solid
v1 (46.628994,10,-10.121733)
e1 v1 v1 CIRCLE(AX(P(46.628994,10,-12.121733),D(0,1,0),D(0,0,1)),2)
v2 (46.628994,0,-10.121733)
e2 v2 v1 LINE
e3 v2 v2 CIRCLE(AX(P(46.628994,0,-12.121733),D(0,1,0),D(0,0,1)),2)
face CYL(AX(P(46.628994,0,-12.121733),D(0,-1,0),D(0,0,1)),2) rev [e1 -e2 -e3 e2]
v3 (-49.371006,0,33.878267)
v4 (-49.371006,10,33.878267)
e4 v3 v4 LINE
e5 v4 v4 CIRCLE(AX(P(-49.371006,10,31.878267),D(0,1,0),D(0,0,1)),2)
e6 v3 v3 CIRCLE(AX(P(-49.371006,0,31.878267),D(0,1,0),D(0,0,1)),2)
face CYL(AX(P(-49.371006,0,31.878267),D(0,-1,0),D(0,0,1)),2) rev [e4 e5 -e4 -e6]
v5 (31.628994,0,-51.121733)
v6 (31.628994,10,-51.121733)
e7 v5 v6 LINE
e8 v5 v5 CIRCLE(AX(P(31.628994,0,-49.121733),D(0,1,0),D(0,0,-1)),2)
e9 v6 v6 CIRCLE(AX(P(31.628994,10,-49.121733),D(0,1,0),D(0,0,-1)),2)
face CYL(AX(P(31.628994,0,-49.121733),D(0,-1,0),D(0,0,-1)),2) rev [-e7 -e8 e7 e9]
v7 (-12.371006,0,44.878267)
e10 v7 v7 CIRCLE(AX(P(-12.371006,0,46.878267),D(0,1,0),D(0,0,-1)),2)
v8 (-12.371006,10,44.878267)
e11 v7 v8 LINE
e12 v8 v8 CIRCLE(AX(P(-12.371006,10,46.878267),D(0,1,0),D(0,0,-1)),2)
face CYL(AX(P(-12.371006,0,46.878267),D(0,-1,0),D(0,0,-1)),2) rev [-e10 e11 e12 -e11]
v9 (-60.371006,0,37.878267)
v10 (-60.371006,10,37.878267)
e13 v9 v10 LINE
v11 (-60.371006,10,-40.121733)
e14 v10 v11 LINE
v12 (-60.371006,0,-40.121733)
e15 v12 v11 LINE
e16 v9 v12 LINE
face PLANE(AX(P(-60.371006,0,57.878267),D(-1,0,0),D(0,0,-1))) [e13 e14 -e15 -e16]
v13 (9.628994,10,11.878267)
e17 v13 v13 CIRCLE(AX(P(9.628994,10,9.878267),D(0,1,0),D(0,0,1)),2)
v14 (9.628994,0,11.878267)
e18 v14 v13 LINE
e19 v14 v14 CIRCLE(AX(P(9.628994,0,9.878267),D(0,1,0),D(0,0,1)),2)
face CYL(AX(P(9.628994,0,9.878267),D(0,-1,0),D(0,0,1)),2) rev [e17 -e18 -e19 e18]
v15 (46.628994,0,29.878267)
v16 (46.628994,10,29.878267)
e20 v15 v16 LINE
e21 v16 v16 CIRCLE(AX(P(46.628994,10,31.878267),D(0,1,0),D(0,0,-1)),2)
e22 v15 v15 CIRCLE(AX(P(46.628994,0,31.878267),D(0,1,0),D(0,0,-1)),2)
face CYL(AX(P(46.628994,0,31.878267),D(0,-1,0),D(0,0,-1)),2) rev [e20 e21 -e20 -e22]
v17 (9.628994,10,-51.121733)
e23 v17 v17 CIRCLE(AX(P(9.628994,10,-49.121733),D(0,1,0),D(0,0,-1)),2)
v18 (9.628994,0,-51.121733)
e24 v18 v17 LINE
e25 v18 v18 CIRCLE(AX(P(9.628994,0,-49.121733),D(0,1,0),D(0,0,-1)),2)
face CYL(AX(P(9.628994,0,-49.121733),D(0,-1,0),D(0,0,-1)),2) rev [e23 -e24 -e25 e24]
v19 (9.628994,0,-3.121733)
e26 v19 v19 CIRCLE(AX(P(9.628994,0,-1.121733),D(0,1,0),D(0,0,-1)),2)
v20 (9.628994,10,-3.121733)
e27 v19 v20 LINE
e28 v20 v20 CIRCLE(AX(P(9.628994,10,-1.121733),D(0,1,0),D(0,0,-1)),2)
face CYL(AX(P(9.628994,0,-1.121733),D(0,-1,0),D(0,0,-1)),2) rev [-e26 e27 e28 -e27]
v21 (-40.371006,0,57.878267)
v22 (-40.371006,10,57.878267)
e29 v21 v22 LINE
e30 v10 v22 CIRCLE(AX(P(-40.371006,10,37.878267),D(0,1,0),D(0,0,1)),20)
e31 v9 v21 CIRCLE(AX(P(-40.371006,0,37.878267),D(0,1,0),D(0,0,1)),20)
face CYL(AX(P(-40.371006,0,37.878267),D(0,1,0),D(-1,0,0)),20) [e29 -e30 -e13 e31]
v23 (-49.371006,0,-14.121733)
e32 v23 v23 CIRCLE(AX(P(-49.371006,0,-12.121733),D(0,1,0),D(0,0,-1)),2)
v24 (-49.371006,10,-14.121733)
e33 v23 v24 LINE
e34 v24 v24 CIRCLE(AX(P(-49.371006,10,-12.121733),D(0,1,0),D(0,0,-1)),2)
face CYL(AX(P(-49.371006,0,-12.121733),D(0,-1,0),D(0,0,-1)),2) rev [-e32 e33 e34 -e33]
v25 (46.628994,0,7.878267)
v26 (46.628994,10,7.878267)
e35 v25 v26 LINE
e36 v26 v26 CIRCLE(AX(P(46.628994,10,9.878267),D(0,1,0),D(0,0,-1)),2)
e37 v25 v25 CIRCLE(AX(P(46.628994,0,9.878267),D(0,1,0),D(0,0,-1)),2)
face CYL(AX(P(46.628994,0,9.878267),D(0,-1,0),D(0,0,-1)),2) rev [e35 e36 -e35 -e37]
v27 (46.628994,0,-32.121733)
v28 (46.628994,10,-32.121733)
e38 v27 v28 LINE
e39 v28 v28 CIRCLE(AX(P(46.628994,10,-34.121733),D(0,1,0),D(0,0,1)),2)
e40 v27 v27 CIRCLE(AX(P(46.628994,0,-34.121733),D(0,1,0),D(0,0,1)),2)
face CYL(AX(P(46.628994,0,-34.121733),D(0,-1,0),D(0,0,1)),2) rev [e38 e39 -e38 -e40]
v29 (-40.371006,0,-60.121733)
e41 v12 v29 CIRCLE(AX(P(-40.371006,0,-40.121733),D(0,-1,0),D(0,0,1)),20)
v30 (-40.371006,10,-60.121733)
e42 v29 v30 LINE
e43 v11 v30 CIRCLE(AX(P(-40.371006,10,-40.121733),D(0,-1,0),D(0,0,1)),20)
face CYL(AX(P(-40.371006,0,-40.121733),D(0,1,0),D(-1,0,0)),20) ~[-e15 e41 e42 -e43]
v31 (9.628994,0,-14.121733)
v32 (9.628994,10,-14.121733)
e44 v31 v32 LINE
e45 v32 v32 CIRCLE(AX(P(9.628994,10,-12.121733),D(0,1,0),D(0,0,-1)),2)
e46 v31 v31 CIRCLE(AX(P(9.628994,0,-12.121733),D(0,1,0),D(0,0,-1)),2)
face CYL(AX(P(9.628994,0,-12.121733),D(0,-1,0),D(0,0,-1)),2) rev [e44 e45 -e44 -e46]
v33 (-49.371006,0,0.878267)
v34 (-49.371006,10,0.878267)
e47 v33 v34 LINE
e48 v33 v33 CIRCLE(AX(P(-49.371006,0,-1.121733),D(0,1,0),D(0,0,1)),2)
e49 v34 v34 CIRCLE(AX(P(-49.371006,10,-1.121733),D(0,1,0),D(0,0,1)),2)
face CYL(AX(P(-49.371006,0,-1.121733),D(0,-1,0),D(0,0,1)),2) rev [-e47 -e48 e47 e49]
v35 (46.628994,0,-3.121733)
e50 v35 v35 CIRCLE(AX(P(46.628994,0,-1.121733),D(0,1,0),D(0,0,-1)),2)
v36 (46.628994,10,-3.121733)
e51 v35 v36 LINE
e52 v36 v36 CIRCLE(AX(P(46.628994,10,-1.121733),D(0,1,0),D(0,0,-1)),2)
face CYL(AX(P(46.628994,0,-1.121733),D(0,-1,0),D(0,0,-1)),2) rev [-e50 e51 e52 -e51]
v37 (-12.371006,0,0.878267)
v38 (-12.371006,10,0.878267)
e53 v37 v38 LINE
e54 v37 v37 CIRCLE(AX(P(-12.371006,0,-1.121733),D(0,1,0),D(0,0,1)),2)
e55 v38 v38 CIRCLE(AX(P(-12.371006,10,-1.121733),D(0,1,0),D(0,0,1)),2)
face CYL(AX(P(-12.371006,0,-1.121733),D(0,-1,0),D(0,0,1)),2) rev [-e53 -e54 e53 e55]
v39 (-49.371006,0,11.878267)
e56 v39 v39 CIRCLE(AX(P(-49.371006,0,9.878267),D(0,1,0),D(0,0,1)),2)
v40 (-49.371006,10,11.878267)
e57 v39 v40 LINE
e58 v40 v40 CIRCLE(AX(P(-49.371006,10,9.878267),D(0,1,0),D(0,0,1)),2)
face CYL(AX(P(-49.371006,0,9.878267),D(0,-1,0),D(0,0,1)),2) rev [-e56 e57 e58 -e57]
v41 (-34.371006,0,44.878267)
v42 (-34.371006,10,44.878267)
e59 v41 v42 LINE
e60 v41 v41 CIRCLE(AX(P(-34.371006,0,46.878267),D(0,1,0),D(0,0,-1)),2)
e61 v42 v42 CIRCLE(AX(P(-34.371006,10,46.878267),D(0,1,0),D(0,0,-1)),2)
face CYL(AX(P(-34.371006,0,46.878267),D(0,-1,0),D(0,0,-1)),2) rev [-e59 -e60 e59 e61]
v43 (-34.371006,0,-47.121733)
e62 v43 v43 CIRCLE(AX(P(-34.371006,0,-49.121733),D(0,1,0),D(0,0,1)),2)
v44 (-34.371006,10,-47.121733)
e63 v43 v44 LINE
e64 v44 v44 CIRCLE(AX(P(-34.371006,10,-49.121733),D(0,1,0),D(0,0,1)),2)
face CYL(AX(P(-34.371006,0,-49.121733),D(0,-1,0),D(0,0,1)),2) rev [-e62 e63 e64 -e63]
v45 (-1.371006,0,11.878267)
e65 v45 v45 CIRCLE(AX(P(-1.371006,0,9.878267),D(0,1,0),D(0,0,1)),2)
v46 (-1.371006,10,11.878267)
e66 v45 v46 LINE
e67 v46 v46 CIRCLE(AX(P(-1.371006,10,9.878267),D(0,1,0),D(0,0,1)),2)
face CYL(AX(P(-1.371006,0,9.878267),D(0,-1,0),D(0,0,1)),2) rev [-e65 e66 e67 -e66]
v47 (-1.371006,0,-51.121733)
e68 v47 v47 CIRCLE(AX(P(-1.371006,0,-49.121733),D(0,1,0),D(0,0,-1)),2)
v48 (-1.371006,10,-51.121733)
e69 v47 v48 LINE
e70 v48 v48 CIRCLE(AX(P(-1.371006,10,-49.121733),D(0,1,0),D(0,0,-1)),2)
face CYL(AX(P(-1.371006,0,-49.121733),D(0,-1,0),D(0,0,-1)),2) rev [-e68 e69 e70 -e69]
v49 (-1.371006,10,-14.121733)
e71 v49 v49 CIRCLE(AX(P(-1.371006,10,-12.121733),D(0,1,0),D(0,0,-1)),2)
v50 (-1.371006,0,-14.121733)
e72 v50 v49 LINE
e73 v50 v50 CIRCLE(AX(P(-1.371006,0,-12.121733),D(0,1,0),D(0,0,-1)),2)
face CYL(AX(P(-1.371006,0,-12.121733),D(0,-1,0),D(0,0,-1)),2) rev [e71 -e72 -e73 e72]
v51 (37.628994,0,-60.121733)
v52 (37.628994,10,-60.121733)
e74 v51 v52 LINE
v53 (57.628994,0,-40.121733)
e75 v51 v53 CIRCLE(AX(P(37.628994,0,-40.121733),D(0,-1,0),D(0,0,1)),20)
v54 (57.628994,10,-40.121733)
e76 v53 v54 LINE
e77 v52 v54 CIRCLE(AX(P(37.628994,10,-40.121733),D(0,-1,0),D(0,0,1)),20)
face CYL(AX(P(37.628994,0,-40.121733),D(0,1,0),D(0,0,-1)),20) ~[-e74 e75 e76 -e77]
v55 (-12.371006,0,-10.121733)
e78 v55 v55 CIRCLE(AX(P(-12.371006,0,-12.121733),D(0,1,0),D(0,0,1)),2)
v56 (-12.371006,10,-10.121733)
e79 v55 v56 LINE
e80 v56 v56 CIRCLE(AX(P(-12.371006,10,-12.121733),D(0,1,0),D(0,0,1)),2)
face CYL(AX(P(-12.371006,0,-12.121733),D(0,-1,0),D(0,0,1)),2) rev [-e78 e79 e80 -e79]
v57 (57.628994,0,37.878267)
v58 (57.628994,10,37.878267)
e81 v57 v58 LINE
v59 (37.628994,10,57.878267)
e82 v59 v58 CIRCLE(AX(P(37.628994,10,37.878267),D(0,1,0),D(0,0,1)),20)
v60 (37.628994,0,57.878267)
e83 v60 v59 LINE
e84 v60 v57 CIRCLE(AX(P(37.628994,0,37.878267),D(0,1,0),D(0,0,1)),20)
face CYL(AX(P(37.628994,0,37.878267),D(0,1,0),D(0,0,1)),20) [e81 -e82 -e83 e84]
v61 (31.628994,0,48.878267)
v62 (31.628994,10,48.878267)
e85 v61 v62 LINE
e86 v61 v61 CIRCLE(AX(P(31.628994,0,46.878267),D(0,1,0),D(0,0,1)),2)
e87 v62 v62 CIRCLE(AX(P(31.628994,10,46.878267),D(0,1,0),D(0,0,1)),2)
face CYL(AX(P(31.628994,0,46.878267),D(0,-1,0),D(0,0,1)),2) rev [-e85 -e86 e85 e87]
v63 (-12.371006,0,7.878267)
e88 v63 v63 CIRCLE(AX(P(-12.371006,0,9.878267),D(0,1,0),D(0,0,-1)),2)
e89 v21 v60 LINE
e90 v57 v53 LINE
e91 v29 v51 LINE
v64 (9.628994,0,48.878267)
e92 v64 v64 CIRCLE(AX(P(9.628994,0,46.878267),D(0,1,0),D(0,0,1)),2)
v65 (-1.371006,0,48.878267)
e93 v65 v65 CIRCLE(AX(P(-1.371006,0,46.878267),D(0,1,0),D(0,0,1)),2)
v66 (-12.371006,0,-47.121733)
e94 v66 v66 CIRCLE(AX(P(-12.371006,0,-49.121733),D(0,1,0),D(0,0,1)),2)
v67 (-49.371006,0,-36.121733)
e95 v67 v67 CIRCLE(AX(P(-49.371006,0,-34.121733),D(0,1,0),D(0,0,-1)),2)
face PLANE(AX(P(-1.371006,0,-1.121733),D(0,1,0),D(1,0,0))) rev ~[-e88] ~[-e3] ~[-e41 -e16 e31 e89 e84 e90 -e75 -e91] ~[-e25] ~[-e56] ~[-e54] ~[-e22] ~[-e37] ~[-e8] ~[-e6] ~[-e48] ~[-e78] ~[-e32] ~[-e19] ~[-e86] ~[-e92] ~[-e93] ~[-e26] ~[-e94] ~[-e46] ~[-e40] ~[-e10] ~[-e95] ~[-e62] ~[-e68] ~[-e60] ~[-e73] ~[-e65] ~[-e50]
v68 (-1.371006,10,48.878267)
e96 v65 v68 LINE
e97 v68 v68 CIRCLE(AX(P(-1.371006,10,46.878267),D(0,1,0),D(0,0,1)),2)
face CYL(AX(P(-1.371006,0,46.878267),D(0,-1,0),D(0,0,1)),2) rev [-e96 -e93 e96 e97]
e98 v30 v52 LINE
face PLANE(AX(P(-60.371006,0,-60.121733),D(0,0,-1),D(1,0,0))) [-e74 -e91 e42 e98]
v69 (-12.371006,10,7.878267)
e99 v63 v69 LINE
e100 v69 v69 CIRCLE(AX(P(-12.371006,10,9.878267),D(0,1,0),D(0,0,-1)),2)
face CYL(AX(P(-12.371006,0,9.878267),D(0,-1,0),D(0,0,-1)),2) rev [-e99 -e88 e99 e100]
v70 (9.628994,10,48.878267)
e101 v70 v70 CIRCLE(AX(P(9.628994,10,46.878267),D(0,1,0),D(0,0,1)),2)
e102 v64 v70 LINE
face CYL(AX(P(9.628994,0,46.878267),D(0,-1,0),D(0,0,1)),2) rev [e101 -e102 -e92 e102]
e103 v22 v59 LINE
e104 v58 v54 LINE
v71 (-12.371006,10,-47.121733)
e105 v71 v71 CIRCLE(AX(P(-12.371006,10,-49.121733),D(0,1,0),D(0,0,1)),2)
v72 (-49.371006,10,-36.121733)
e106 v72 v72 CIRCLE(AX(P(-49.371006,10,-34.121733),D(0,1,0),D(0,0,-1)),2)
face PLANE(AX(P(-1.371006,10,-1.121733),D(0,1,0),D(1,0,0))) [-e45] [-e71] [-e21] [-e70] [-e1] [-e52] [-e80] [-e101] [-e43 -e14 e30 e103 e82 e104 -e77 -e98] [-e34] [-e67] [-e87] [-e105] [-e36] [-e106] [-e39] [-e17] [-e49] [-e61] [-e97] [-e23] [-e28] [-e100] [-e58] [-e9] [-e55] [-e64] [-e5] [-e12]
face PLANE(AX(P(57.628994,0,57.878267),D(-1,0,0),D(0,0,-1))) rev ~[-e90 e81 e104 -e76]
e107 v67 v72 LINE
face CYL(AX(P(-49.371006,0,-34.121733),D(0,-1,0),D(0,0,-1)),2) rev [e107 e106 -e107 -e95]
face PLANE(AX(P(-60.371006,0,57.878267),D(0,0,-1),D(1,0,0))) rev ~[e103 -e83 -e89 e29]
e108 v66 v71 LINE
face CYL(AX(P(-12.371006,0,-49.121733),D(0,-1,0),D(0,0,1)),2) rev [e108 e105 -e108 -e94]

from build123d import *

# Parameters (mm, degrees)
SKETCH1_W           = 118
SKETCH1_H           = 118
SKETCH1_R           = 2
BOSS_EXTRUDE1_DEPTH = 10
FILLET1_R           = 20


with BuildPart() as part:
    # Sketch1 → Boss-Extrude1 (new body)
    with BuildSketch(Plane(origin=(0, 0, 0), x_dir=(1, 0, 0), z_dir=(0, 1, 0))):
        with Locations((-1.371006445, 1.121732546)):
            Rectangle(SKETCH1_W, SKETCH1_H)
        with Locations(Location((-1.371006445, -46.878267454, 0), (0, 0, 270))):
            Circle(SKETCH1_R, mode=Mode.SUBTRACT)
        with Locations(Location((9.628993555, -46.878267454, 0), (0, 0, 270))):
            Circle(SKETCH1_R, mode=Mode.SUBTRACT)
        with Locations(Location((31.628993555, -46.878267454, 0), (0, 0, 270))):
            Circle(SKETCH1_R, mode=Mode.SUBTRACT)
        with Locations(Location((-34.371006445, -46.878267454, 0), (0, 0, 90))):
            Circle(SKETCH1_R, mode=Mode.SUBTRACT)
        with Locations(Location((-12.371006445, -46.878267454, 0), (0, 0, 90))):
            Circle(SKETCH1_R, mode=Mode.SUBTRACT)
        with Locations(Location((-1.371006445, -9.878267454, 0), (0, 0, 270))):
            Circle(SKETCH1_R, mode=Mode.SUBTRACT)
        with Locations(Location((9.628993555, -9.878267454, 0), (0, 0, 270))):
            Circle(SKETCH1_R, mode=Mode.SUBTRACT)
        with Locations(Location((-12.371006445, -9.878267454, 0), (0, 0, 90))):
            Circle(SKETCH1_R, mode=Mode.SUBTRACT)
        with Locations(Location((-12.371006445, 1.121732546, 0), (0, 0, 270))):
            Circle(SKETCH1_R, mode=Mode.SUBTRACT)
        with Locations(Location((-12.371006445, 12.121732546, 0), (0, 0, 270))):
            Circle(SKETCH1_R, mode=Mode.SUBTRACT)
        with Locations(Location((9.628993555, 12.121732546, 0), (0, 0, 90))):
            Circle(SKETCH1_R, mode=Mode.SUBTRACT)
        with Locations(Location((-1.371006445, 12.121732546, 0), (0, 0, 90))):
            Circle(SKETCH1_R, mode=Mode.SUBTRACT)
        with Locations(Location((-12.371006445, 49.121732546, 0), (0, 0, 270))):
            Circle(SKETCH1_R, mode=Mode.SUBTRACT)
        with Locations(Location((-34.371006445, 49.121732546, 0), (0, 0, 270))):
            Circle(SKETCH1_R, mode=Mode.SUBTRACT)
        with Locations(Location((31.628993555, 49.121732546, 0), (0, 0, 90))):
            Circle(SKETCH1_R, mode=Mode.SUBTRACT)
        with Locations(Location((9.628993555, 49.121732546, 0), (0, 0, 90))):
            Circle(SKETCH1_R, mode=Mode.SUBTRACT)
        with Locations(Location((-1.371006445, 49.121732546, 0), (0, 0, 90))):
            Circle(SKETCH1_R, mode=Mode.SUBTRACT)
        with Locations(Location((9.628993555, 1.121732546, 0), (0, 0, 90))):
            Circle(SKETCH1_R, mode=Mode.SUBTRACT)
        with Locations(Location((46.628993555, 12.121732546, 0), (0, 0, 270))):
            Circle(SKETCH1_R, mode=Mode.SUBTRACT)
        with Locations(Location((46.628993555, 34.121732546, 0), (0, 0, 270))):
            Circle(SKETCH1_R, mode=Mode.SUBTRACT)
        with Locations(Location((46.628993555, -31.878267454, 0), (0, 0, 90))):
            Circle(SKETCH1_R, mode=Mode.SUBTRACT)
        with Locations(Location((46.628993555, -9.878267454, 0), (0, 0, 90))):
            Circle(SKETCH1_R, mode=Mode.SUBTRACT)
        with Locations(Location((46.628993555, 1.121732546, 0), (0, 0, 90))):
            Circle(SKETCH1_R, mode=Mode.SUBTRACT)
        with Locations(Location((-49.371006445, 1.121732546, 0), (0, 0, 270))):
            Circle(SKETCH1_R, mode=Mode.SUBTRACT)
        with Locations(Location((-49.371006445, -9.878267454, 0), (0, 0, 270))):
            Circle(SKETCH1_R, mode=Mode.SUBTRACT)
        with Locations(Location((-49.371006445, -31.878267454, 0), (0, 0, 270))):
            Circle(SKETCH1_R, mode=Mode.SUBTRACT)
        with Locations(Location((-49.371006445, 34.121732546, 0), (0, 0, 90))):
            Circle(SKETCH1_R, mode=Mode.SUBTRACT)
        with Locations(Location((-49.371006445, 12.121732546, 0), (0, 0, 90))):
            Circle(SKETCH1_R, mode=Mode.SUBTRACT)
    extrude(amount=BOSS_EXTRUDE1_DEPTH)

    # Fillet1
    fillet1_edges = [part.edges().sort_by_distance(p)[0] for p in [
        (-60.371006445, 5, -60.121732546),
        (57.628993555, 5, -60.121732546),
        (57.628993555, 5, 57.878267454),
        (-60.371006445, 5, 57.878267454),
    ]]
    fillet(fillet1_edges, radius=FILLET1_R)


solid = part.part
